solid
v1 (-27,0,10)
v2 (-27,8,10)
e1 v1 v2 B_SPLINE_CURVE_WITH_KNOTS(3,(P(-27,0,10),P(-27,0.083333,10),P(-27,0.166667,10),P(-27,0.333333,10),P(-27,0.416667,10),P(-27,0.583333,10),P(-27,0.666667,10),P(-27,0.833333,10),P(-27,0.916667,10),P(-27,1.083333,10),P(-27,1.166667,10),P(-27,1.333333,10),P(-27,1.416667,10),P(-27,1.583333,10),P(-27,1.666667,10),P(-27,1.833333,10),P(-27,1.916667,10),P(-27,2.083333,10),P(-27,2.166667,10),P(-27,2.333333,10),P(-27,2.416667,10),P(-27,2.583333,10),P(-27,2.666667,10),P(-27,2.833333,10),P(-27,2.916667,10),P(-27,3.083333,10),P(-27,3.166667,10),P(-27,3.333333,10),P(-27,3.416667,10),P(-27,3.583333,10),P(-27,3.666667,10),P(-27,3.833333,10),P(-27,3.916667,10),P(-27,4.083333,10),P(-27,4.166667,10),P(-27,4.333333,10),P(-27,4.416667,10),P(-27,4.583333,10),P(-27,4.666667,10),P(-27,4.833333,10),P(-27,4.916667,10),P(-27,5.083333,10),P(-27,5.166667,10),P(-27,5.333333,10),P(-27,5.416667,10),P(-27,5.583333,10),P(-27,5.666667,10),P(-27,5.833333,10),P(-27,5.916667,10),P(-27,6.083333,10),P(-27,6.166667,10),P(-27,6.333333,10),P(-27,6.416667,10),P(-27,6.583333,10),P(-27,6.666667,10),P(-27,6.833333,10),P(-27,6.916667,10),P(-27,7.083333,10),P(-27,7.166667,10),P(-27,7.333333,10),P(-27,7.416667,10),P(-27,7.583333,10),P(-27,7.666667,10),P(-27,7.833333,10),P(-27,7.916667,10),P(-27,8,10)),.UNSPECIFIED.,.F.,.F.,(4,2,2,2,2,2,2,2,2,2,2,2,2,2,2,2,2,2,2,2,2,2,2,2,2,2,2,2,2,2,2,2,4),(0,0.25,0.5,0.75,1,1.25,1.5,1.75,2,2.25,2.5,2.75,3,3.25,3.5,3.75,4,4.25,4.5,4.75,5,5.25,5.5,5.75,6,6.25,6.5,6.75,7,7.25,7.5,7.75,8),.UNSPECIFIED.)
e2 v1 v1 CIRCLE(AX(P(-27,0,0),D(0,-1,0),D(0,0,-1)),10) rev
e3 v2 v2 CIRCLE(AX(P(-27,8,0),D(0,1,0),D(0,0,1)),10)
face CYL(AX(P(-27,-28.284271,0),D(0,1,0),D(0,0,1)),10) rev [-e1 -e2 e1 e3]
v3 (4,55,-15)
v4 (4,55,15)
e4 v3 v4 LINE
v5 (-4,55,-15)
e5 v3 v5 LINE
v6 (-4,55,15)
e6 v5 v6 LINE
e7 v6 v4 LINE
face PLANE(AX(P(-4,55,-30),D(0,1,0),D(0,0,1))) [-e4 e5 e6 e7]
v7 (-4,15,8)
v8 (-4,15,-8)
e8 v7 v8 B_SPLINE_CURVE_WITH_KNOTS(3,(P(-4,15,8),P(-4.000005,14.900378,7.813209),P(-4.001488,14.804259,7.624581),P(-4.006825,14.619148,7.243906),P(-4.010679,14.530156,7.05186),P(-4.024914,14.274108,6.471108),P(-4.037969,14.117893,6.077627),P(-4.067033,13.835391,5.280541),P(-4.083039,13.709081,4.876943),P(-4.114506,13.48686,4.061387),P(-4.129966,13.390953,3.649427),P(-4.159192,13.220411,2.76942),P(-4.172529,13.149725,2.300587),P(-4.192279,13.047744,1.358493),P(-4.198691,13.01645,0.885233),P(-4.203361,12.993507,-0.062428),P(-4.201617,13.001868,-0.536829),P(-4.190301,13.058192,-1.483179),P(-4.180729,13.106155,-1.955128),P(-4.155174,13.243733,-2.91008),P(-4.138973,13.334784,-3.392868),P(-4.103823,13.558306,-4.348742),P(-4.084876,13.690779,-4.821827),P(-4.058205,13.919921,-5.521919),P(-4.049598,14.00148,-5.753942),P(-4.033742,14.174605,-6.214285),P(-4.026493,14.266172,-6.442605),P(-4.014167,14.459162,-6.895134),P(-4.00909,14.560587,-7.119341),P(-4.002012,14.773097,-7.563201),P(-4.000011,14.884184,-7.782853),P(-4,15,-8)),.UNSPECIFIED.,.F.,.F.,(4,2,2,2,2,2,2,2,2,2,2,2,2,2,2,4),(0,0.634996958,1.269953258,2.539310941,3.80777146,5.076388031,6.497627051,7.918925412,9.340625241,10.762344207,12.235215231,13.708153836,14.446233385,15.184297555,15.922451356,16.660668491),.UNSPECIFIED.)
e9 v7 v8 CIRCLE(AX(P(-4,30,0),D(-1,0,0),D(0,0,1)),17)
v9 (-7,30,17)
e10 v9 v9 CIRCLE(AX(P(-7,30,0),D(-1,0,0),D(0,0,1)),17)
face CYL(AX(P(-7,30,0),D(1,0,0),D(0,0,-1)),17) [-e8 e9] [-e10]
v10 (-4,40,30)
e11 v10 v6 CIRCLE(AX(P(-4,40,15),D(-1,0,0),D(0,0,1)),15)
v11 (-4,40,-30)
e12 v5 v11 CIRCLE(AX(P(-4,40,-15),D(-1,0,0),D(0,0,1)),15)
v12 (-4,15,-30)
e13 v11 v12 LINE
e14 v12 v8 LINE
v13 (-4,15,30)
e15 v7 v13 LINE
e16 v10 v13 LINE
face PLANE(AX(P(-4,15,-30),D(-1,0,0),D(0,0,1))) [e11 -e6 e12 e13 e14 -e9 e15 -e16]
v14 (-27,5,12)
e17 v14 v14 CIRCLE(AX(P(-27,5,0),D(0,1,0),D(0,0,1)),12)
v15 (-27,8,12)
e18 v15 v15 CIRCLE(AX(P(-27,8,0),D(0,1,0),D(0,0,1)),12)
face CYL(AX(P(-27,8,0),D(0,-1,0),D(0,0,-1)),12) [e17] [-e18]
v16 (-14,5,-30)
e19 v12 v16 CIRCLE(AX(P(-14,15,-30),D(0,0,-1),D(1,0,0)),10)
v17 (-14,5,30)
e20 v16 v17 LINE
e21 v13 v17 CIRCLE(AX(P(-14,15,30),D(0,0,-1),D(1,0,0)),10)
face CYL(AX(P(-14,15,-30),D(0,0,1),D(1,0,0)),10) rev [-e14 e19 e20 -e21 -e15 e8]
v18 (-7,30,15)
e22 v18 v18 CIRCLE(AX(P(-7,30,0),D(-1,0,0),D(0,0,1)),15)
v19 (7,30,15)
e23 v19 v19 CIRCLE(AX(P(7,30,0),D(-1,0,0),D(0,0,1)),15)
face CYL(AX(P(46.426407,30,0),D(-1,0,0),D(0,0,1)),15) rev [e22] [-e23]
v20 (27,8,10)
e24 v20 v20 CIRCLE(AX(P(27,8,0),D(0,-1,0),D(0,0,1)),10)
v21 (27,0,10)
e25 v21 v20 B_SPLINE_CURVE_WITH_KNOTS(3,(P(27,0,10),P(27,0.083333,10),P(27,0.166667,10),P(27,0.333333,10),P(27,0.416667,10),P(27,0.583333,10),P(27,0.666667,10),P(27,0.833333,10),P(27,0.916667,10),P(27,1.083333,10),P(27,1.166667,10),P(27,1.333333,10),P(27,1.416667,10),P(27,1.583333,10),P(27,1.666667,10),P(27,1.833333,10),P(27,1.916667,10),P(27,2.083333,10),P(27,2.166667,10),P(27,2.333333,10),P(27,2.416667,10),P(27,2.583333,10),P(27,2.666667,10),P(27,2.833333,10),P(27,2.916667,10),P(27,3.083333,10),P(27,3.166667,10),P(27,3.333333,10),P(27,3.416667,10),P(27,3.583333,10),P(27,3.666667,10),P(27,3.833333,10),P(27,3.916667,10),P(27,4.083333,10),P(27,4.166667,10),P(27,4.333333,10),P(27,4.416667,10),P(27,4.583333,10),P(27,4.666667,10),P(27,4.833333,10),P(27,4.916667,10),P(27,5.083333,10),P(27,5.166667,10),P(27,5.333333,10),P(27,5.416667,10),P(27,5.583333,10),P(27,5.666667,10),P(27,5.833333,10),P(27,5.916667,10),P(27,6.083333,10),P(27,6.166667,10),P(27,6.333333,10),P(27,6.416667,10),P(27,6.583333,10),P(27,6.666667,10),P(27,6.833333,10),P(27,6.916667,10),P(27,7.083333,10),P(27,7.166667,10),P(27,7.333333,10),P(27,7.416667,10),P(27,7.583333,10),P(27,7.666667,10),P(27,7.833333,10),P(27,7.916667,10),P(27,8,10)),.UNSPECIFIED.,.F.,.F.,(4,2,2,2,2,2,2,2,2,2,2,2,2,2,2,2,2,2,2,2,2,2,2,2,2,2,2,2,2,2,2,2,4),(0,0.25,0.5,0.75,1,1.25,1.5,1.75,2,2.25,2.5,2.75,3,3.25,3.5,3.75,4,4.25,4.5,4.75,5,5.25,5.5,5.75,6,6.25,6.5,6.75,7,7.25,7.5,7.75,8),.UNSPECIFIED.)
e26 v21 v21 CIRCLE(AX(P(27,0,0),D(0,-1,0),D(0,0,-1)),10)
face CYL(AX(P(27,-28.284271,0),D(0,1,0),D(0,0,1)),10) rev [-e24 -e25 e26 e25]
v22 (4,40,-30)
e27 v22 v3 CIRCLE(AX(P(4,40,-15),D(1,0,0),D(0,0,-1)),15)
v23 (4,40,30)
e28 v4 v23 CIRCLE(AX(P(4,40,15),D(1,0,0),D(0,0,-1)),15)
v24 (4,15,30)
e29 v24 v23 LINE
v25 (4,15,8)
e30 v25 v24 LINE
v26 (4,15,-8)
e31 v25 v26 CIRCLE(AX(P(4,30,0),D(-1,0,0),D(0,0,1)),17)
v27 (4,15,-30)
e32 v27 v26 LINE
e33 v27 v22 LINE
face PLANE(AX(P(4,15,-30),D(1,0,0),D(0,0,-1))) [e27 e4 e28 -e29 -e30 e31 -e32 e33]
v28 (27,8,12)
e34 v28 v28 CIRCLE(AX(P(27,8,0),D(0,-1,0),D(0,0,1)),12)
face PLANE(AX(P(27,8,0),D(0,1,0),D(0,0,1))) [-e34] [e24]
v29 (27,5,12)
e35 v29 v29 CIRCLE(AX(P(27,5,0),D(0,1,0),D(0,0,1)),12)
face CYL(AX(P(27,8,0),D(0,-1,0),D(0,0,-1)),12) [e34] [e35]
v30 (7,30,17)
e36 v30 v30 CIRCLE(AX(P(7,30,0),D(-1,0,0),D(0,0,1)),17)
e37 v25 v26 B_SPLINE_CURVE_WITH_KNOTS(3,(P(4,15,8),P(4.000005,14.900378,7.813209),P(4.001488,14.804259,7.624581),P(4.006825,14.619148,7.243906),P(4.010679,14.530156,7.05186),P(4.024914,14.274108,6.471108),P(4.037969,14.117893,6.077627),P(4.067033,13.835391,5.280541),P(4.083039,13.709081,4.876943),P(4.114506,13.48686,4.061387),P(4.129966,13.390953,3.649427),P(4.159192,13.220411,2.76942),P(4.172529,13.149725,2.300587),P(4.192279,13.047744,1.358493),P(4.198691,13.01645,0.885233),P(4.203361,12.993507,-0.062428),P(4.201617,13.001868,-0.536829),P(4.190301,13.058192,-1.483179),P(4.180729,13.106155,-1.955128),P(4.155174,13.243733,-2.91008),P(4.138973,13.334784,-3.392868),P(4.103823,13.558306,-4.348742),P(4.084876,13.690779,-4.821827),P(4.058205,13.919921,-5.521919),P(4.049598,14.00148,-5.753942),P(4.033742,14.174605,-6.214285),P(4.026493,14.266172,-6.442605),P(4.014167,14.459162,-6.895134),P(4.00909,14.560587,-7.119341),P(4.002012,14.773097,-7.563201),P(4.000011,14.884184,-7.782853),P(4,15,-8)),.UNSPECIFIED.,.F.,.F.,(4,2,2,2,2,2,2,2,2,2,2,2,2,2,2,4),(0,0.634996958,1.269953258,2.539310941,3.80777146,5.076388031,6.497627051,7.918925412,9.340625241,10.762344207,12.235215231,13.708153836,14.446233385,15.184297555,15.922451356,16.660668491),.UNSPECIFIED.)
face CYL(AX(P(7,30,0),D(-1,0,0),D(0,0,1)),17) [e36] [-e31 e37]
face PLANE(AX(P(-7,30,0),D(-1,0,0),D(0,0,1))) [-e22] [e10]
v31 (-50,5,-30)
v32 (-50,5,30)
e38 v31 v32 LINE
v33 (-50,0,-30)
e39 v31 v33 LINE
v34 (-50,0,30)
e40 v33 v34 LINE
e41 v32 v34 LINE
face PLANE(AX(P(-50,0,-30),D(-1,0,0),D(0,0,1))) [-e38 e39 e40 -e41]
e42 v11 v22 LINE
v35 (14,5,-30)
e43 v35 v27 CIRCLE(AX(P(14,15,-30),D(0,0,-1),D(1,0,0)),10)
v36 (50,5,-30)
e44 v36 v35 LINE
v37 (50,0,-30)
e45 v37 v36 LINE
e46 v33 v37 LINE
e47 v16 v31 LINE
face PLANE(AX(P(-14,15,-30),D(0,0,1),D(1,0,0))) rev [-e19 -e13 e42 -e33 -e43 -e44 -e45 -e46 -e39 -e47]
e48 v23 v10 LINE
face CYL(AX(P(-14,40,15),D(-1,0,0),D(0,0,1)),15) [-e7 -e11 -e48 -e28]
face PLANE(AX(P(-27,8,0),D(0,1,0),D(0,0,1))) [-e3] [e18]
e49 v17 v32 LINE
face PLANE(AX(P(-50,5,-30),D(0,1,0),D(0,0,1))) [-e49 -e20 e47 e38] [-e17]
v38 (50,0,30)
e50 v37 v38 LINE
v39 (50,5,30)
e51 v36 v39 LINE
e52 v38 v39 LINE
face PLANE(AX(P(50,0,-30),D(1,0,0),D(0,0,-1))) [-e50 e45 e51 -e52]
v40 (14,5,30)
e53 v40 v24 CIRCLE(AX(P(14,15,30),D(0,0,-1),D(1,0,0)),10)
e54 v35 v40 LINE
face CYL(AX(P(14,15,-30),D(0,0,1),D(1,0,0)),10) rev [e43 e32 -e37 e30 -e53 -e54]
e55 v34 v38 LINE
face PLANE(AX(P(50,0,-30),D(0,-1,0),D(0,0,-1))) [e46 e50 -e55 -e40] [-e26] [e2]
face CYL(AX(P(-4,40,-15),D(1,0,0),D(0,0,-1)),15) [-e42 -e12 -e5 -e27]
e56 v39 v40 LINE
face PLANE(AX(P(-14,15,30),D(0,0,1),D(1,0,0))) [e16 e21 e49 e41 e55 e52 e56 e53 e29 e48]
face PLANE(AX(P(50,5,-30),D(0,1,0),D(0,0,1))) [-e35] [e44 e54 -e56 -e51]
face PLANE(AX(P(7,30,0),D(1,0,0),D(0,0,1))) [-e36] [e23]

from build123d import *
from build123d.topology import SkipClean

# Parameters (mm, degrees)
BOSS_EXTRUDE1_DEPTH      = 30
BOSS_EXTRUDE1_DEPTH_BACK = 30
SKETCH2_R                = 10
CUT_EXTRUDE1_DEPTH       = 5
BOSS_EXTRUDE2_START      = 3
SKETCH2_3_R              = 12
SKETCH2_3_R_2            = 10
BOSS_EXTRUDE2_DEPTH      = 3
SKETCH3_R                = 15
CUT_EXTRUDE2_DEPTH       = 8
BOSS_EXTRUDE3_START      = 3
SKETCH3_3_R              = 17
SKETCH3_3_R_2            = 15
BOSS_EXTRUDE3_DEPTH      = 3
FILLET1_R                = 15


with BuildPart() as part:
    # Sketch1 → Boss-Extrude1 (new, two sides: drawn at the far end of the back side and taken through both)
    with BuildSketch(Plane.XY.offset(-BOSS_EXTRUDE1_DEPTH_BACK)):
        with BuildLine():
            Line((50, 0), (-50, 0))
            Line((-50, 0), (-50, 5))
            Line((-50, 5), (-14, 5))
            ThreePointArc((-14, 5), (-6.928932188, 7.928932188), (-4, 15))
            Line((-4, 15), (-4, 55))
            Line((-4, 55), (4, 55))
            Line((4, 55), (4, 15))
            ThreePointArc((4, 15), (6.928932188, 7.928932188), (14, 5))
            Line((14, 5), (50, 5))
            Line((50, 5), (50, 0))
        make_face()
    extrude(amount=BOSS_EXTRUDE1_DEPTH + BOSS_EXTRUDE1_DEPTH_BACK)

    # Sketch2 → Cut-Extrude1 (cut)
    with BuildSketch(Plane(origin=(0, 5, 0), x_dir=(1, 0, 0), z_dir=(0, 1, 0))):
        with Locations(Location((-27, 0, 0), (0, 0, 270))):
            Circle(SKETCH2_R)
    cut_extrude1 = extrude(amount=-CUT_EXTRUDE1_DEPTH, mode=Mode.SUBTRACT)

    # Sketch2<3> → Boss-Extrude2 (add)
    with BuildSketch(Plane(origin=(0, 5, 0), x_dir=(1, 0, 0), z_dir=(0, 1, 0)).offset(BOSS_EXTRUDE2_START)):
        with Locations(Location((-27, 0, 0), (0, 0, 270))):
            Circle(SKETCH2_3_R)
        with Locations(Location((-27, 0, 0), (0, 0, 270))):
            Circle(SKETCH2_3_R_2, mode=Mode.SUBTRACT)
    boss_extrude2 = extrude(amount=-BOSS_EXTRUDE2_DEPTH)

    # Mirror1: Cut-Extrude1, Boss-Extrude2 across plane
    add(cut_extrude1.mirror(Plane(origin=(0, 0, 0), x_dir=(0, 0, 1), z_dir=(1, 0, 0))), mode=Mode.SUBTRACT)
    add(boss_extrude2.mirror(Plane(origin=(0, 0, 0), x_dir=(0, 0, 1), z_dir=(1, 0, 0))))

    # Sketch3 → Cut-Extrude2 (cut)
    with BuildSketch(Plane.ZY.offset(4)):
        with Locations(Location((0, 30, 0), (0, 0, 270))):
            Circle(SKETCH3_R)
    extrude(amount=-CUT_EXTRUDE2_DEPTH, mode=Mode.SUBTRACT)

    # Sketch3<3> → Boss-Extrude3 (add)
    with BuildSketch(Plane.ZY.offset(4).offset(BOSS_EXTRUDE3_START)):
        with Locations(Location((0, 30, 0), (0, 0, 241.927513064))):
            Circle(SKETCH3_3_R)
        with Locations((0, 30)):
            Circle(SKETCH3_3_R_2, mode=Mode.SUBTRACT)
    boss_extrude3 = extrude(amount=-BOSS_EXTRUDE3_DEPTH)

    # Mirror2: Boss-Extrude3 across plane
    with SkipClean():  # the faces are left unmerged after this step: merging them gives an invalid solid
        add(boss_extrude3.mirror(Plane(origin=(0, 0, 0), x_dir=(0, 0, 1), z_dir=(1, 0, 0))))

    # Fillet1
    fillet1_edges = [part.edges().sort_by_distance(p)[0] for p in [
        (0, 55, -30),
        (0, 55, 30),
    ]]
    fillet(fillet1_edges, radius=FILLET1_R)


solid = part.part
